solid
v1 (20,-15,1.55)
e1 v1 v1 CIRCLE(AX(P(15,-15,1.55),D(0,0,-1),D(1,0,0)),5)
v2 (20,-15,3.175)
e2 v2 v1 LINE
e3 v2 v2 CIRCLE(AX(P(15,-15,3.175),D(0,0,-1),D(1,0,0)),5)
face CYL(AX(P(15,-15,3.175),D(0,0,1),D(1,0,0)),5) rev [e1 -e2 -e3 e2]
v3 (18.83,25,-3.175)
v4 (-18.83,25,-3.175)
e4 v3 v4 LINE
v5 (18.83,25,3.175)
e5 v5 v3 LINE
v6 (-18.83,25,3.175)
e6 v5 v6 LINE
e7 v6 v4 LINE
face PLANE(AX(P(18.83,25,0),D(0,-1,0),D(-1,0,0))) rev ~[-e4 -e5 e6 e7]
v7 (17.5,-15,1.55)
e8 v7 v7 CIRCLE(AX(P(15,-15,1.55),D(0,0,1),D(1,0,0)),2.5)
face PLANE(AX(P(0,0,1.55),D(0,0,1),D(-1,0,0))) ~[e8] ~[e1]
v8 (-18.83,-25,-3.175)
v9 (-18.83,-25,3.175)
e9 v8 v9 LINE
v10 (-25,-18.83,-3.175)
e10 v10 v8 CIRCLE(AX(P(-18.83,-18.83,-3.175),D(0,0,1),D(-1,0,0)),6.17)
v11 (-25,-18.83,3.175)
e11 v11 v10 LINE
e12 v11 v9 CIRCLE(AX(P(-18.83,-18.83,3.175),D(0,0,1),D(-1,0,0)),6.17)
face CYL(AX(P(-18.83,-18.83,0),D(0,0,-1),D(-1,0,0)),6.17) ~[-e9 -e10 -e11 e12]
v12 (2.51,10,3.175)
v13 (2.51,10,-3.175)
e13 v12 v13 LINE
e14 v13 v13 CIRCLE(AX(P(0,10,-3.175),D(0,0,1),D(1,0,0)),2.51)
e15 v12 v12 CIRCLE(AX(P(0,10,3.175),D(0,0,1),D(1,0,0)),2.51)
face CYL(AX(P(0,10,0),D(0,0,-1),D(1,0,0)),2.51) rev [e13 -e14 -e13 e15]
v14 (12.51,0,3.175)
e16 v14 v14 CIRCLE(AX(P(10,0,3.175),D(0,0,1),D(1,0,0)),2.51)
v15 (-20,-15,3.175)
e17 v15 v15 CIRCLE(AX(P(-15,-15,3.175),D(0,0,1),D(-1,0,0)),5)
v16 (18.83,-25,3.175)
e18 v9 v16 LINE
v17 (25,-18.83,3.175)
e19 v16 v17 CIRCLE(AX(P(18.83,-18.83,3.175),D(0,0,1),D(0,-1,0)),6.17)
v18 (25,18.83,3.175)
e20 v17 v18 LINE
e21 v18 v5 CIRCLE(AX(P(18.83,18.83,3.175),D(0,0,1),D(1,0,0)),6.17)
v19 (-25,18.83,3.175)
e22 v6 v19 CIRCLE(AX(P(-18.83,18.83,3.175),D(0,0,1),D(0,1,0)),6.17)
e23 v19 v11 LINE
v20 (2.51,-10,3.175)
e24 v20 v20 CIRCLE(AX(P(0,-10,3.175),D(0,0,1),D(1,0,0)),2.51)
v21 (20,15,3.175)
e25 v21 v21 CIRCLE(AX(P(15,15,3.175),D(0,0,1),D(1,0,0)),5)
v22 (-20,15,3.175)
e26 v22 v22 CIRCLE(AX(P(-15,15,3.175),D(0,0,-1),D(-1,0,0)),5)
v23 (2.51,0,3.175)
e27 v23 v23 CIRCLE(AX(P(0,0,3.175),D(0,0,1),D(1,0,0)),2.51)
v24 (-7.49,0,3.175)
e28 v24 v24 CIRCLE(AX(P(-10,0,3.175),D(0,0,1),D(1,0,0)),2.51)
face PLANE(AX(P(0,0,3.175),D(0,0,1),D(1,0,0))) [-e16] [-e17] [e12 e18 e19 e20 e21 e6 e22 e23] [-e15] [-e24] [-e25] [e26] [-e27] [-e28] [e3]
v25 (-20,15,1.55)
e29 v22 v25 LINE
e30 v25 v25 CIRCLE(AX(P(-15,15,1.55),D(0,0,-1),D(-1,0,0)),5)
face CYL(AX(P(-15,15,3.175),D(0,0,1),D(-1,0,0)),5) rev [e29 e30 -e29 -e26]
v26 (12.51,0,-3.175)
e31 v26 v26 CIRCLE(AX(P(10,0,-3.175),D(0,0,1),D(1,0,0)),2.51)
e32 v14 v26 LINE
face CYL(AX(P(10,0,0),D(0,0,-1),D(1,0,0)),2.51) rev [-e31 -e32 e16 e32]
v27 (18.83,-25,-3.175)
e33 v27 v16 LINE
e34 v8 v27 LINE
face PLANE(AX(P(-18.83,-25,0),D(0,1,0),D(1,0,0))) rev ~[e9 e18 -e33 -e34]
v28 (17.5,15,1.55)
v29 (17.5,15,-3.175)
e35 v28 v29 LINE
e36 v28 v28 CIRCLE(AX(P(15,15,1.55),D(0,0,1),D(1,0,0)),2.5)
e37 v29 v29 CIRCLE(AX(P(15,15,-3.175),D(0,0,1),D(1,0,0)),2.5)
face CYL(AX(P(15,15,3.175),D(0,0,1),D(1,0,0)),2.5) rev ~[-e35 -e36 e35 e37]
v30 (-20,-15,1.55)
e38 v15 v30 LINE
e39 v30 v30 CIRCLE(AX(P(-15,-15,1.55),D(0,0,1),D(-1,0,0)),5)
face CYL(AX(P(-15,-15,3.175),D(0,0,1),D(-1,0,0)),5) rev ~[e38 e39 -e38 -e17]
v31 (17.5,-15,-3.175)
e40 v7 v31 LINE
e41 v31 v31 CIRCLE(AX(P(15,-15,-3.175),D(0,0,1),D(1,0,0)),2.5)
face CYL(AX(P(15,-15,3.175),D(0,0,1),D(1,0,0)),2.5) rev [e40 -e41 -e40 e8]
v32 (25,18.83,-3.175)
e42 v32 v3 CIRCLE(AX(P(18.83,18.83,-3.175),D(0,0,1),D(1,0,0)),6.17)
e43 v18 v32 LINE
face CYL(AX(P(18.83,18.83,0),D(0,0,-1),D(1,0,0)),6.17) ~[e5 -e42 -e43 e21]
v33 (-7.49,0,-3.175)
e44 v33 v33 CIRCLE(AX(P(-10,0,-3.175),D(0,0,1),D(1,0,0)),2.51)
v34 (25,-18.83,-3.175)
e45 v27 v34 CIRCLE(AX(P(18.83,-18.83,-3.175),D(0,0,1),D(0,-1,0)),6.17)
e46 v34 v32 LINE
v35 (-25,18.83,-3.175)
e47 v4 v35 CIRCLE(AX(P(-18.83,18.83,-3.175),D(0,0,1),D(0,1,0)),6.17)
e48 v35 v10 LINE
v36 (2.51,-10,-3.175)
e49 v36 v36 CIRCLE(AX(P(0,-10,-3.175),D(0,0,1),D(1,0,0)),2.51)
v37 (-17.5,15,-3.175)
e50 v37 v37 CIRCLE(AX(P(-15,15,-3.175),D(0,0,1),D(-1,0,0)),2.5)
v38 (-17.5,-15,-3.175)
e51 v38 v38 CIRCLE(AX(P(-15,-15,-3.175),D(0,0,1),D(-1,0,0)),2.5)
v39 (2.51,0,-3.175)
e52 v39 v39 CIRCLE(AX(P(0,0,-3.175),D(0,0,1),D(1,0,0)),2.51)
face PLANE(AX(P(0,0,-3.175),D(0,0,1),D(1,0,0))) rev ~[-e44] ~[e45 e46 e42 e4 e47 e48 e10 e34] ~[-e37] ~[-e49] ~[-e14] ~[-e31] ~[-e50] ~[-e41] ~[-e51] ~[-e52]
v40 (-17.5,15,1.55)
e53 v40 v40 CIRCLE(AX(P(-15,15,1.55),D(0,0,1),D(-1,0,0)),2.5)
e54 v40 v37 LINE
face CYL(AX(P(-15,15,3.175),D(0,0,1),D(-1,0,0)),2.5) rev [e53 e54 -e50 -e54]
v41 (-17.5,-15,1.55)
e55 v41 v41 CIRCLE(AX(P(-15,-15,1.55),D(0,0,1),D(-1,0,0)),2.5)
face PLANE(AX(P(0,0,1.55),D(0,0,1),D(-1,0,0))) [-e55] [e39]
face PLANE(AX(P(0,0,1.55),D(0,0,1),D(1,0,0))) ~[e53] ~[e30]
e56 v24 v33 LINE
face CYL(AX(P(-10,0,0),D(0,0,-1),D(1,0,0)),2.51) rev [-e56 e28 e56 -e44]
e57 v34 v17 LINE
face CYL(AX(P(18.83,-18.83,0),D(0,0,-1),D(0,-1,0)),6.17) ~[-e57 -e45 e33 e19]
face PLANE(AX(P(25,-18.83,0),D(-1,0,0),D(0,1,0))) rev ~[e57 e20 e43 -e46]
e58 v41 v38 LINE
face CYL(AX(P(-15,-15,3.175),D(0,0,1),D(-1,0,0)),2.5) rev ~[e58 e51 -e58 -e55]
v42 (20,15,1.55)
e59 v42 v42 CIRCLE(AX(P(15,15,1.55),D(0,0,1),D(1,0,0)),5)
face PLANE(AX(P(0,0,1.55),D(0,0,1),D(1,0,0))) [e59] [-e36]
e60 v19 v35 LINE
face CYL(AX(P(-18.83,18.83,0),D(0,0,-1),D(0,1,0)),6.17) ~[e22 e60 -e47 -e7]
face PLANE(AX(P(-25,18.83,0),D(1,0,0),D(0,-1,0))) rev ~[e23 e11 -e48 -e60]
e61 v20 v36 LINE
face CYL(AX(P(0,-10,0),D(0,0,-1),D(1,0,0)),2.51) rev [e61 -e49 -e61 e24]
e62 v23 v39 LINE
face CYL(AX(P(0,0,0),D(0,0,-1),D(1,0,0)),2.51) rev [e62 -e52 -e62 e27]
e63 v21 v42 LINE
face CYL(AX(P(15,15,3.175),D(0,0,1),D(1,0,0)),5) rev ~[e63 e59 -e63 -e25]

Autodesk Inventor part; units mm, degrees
ref_plane "YZ Plane" through (0, 0, 0) normal (1, 0, 0) x (0, 1, 0)
ref_plane "XZ Plane" through (0, 0, 0) normal (0, 1, 0) x (-1, 0, 0)
ref_plane "XY Plane" through (0, 0, 0) normal (0, 0, 1) x (1, 0, 0)
sketch "Sketch1" plane through (0, 0, 0) normal (0, 0, 1) x (1, 0, 0)
  line L0 (-18.83, -25) -> (18.83, -25)
  line L1 (25, -18.83) -> (25, 18.83)
  line L2 (18.83, 25) -> (-18.83, 25)
  line L3 (-25, 18.83) -> (-25, -18.83)
  line L4 (-25, -25) -> (25, 25) construction
  line L5 (25, -25) -> (-25, 25) construction
  circle A0 centre (0, 0) radius 2.51
  circle A1 centre (0, 10) radius 2.51
  circle A2 centre (-10, 0) radius 2.51
  circle A3 centre (0, -10) radius 2.51
  circle A4 centre (10, 0) radius 2.51
  arc A5 (-18.83, 25) -> (-25, 18.83) centre (-18.83, 18.83) ccw
  arc A6 (25, 18.83) -> (18.83, 25) centre (18.83, 18.83) ccw
  arc A7 (18.83, -25) -> (25, -18.83) centre (18.83, -18.83) ccw
  arc A8 (-25, -18.83) -> (-18.83, -25) centre (-18.83, -18.83) ccw
  dimension "d0" = 50
  dimension "d1" = 50
  dimension "d2" = 5.02
  dimension "d3" = 5.02
  dimension "d6" = 360
  dimension "d8" = 10
  dimension "d9" = 6.17
extrude "Extrusion1" add sketch "Sketch1" along normal mid plane 6.35
sketch "Sketch2" plane through (0, 0, 3.175) normal (0, 0, 1) x (1, 0, 0)
  circle A0 centre (15, 15) radius 5
  circle A1 centre (15, 15) radius 2.5
  point P0 (0, 0)
  dimension "d18" = 10
  dimension "d19" = 5
  dimension "d20" = 15
  dimension "d21" = 15
extrude "Extrusion3" cut sketch "Sketch2" against normal blind 1.625 contours A0 | A1
extrude "Extrusion4" cut sketch "Sketch2" against normal through all contours A1
mirror "Mirror1" about plane through (0, 0, 0) normal (1, 0, 0) of "Extrusion3", "Extrusion4"
mirror "Mirror2" about plane through (0, 0, 0) normal (0, 1, 0) of "Extrusion3", "Extrusion4", "Mirror1"
properties part number "vwheel_plate" material "Aluminum 6061"
